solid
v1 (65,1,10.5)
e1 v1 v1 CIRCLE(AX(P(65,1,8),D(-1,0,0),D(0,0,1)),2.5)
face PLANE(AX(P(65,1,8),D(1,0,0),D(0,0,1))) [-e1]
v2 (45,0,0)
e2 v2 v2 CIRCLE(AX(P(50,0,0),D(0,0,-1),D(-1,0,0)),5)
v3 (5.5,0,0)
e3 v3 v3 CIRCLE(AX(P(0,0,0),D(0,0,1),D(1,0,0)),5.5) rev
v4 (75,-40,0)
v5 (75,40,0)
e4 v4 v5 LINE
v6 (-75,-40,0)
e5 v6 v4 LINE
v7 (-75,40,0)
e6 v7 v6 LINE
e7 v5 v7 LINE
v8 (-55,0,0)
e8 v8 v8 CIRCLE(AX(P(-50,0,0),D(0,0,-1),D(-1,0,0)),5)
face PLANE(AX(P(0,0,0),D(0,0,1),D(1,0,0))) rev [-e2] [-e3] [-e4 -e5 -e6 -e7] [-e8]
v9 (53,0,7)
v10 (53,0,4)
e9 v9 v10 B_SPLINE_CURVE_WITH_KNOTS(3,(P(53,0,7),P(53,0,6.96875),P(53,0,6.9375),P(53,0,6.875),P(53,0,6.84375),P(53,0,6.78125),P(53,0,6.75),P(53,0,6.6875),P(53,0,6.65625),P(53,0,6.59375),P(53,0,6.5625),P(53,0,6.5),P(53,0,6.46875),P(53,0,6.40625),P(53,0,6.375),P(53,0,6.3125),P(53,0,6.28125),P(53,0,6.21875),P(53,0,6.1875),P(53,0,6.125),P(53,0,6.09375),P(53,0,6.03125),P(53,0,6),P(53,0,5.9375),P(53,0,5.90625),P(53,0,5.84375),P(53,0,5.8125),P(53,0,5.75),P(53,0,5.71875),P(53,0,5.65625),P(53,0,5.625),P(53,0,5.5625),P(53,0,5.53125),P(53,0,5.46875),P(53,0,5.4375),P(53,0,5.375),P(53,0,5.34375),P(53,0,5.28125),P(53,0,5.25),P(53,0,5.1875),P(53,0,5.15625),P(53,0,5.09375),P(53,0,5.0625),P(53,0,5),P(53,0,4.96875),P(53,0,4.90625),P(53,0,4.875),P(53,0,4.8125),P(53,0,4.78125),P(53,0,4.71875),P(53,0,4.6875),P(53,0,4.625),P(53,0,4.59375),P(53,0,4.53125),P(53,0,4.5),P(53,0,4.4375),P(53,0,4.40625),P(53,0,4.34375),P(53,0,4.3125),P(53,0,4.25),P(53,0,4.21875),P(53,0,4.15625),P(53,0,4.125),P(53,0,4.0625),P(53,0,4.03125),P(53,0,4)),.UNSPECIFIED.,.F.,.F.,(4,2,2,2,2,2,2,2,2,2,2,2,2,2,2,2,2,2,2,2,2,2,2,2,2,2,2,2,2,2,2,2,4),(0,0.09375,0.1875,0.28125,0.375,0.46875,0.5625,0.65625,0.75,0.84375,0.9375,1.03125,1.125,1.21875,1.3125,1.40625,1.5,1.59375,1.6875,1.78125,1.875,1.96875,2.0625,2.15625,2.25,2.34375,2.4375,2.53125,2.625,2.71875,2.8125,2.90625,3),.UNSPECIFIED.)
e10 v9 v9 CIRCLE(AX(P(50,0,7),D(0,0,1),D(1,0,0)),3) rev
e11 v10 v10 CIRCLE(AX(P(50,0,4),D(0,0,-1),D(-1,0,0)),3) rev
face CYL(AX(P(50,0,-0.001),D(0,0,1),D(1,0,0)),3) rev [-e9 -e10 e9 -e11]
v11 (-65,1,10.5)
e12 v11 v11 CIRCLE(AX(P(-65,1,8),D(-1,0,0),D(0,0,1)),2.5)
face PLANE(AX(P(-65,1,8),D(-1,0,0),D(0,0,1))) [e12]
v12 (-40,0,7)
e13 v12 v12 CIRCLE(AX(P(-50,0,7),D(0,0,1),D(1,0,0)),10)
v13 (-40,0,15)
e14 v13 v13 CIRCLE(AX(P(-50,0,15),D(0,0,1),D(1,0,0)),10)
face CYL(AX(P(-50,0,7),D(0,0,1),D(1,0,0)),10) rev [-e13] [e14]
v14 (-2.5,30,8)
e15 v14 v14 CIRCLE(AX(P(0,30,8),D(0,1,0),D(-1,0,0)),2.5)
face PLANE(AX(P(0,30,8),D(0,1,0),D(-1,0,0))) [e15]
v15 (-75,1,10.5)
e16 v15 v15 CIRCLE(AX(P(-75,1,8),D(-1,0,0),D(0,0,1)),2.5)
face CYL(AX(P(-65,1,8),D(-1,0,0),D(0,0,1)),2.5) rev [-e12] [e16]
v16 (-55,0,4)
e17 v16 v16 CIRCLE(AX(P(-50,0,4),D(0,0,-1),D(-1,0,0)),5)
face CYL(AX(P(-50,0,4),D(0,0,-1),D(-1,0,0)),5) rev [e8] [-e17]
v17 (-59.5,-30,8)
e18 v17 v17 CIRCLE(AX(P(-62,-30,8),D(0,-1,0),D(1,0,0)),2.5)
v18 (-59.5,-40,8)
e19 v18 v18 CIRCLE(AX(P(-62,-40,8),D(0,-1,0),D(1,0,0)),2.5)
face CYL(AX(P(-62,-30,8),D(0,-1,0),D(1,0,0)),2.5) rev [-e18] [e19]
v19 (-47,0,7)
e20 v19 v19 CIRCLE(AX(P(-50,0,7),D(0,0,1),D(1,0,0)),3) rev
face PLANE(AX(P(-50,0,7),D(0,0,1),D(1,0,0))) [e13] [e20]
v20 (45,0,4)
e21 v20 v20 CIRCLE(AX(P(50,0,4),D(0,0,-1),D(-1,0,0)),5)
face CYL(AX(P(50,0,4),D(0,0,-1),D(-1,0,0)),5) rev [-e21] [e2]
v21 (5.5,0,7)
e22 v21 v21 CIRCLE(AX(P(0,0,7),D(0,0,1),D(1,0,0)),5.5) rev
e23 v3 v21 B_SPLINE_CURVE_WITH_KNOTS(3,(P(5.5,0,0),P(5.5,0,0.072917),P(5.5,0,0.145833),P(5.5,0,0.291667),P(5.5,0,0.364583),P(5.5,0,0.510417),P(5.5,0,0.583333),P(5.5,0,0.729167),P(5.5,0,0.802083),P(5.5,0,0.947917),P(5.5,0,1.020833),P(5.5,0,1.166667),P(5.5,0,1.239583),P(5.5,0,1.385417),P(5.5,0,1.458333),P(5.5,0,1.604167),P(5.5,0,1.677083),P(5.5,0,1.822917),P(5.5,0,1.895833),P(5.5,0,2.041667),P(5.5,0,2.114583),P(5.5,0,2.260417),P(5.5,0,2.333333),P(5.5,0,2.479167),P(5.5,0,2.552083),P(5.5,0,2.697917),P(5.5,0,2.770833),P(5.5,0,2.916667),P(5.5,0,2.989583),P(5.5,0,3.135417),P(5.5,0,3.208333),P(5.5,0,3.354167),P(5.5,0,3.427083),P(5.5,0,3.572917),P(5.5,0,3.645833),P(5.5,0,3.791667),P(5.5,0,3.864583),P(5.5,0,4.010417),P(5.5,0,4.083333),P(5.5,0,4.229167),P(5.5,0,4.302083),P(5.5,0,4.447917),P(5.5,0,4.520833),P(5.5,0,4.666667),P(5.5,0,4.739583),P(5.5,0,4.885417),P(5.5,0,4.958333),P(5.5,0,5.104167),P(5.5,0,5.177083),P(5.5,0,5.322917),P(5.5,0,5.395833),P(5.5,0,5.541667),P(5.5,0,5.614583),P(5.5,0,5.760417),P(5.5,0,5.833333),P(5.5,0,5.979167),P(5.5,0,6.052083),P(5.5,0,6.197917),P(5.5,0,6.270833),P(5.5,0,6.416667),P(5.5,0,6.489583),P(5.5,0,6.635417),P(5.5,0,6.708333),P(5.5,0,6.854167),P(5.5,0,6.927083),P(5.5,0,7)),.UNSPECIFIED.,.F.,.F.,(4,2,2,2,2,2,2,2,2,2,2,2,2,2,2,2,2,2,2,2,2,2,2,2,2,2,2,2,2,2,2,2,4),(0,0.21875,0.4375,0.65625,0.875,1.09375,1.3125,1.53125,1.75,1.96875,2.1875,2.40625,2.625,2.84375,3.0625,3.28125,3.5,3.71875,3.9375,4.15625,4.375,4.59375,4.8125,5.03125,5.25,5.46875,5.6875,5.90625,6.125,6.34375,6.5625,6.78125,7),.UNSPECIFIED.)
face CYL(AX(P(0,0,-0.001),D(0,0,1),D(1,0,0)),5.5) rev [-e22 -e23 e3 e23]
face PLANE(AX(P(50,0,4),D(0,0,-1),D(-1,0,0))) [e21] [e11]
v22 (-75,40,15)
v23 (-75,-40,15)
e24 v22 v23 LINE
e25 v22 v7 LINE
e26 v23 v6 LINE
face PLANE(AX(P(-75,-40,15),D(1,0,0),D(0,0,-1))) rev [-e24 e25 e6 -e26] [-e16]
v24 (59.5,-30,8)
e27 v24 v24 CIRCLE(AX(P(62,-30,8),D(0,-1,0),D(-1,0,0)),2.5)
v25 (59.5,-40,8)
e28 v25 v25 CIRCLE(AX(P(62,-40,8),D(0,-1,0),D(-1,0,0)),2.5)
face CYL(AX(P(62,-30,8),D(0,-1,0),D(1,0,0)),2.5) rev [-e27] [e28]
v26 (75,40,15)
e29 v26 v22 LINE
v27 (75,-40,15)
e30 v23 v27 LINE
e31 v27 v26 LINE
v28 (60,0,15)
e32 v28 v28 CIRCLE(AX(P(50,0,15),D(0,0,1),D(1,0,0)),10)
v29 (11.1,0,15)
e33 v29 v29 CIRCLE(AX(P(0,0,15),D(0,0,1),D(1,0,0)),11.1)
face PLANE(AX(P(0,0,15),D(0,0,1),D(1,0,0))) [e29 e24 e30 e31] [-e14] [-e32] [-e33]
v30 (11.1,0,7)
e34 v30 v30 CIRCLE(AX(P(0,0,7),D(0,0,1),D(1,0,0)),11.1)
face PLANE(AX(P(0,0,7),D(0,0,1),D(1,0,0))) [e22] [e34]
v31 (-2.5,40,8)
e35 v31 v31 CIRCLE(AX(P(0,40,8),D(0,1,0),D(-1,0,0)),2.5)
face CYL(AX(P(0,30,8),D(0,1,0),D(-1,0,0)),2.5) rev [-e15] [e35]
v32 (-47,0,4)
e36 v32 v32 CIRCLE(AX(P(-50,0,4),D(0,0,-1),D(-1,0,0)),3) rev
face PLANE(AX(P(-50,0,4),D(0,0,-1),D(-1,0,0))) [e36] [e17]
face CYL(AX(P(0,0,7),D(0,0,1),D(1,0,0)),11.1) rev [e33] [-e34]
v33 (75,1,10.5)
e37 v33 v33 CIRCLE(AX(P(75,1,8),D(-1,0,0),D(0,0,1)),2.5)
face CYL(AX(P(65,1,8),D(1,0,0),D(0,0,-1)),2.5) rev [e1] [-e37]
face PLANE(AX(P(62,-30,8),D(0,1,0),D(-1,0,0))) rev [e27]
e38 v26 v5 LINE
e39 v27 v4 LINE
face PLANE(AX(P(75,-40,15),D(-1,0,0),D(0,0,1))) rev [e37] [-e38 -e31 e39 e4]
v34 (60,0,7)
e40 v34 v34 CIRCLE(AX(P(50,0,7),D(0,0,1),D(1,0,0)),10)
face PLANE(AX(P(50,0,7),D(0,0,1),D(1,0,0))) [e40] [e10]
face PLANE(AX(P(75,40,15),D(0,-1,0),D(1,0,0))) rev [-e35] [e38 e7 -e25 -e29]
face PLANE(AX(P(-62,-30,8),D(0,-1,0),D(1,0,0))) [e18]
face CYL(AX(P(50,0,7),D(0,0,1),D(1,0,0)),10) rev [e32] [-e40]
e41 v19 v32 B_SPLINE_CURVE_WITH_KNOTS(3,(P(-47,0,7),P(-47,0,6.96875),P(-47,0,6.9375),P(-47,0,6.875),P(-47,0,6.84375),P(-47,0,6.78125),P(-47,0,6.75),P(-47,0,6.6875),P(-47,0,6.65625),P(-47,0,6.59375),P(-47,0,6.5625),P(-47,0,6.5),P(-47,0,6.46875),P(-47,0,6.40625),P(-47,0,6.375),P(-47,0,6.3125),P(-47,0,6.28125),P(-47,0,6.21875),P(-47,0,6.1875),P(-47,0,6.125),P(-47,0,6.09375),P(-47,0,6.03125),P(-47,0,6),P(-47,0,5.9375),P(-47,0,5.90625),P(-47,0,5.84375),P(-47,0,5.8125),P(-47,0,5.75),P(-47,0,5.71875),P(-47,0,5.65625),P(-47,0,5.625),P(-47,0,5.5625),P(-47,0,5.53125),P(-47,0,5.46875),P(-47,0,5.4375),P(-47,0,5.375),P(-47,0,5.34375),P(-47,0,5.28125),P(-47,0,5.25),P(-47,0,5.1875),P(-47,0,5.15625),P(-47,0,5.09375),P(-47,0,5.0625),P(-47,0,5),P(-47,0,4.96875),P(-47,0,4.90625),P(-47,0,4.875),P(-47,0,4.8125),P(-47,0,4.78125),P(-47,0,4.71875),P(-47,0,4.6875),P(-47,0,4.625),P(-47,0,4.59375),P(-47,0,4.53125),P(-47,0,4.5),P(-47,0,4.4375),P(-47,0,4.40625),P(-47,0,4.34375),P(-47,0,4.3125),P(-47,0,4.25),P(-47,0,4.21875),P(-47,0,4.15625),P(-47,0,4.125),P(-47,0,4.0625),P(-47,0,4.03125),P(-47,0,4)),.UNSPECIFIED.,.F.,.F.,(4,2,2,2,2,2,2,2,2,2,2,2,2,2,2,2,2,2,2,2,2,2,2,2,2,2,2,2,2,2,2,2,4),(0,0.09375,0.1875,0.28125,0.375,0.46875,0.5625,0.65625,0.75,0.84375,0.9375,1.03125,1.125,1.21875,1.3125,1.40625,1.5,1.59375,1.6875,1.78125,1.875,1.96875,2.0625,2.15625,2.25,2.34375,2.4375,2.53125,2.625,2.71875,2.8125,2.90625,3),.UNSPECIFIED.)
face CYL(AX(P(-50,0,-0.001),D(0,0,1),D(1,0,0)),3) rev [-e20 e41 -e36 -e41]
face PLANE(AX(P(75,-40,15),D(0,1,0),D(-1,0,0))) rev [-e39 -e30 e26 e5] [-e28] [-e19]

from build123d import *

# Parameters (mm, degrees)
SKETCH1_W           = 150
SKETCH1_H           = 80
BOSS_EXTRUDE1_DEPTH = 15
CUT_EXTRUDE1_REACH  = 88.313
SKETCH2_R           = 3
SKETCH2_R_2         = 5.5
SKETCH3_R           = 11.1
SKETCH3_R_2         = 10
CUT_EXTRUDE2_DEPTH  = 8
SKETCH5_R           = 5
CUT_EXTRUDE4_DEPTH  = 4
SKETCH6_R           = 2.5
CUT_EXTRUDE5_DEPTH  = 10
SKETCH7_R           = 2.5
CUT_EXTRUDE6_DEPTH  = 10
SKETCH8_R           = 2.5
CUT_EXTRUDE7_DEPTH  = 10


with BuildPart() as part:
    # Sketch1 → Boss-Extrude1 (new body)
    with BuildSketch(Plane.XY):
        Rectangle(SKETCH1_W, SKETCH1_H)
    extrude(amount=BOSS_EXTRUDE1_DEPTH)

    # Sketch2 → Cut-Extrude1 (cut, up to next)
    with BuildSketch(Plane.XY.offset(15), mode=Mode.PRIVATE) as cut_extrude1_sk1:
        with Locations((-50, 0)):
            Circle(SKETCH2_R)
    cut_extrude1_tool1 = extrude(cut_extrude1_sk1.sketch, amount=-CUT_EXTRUDE1_REACH, mode=Mode.PRIVATE) & part.part
    # Sketch2 → Cut-Extrude1 (cut, up to next)
    with BuildSketch(Plane.XY.offset(15), mode=Mode.PRIVATE) as cut_extrude1_sk2:
        with Locations((50, 0)):
            Circle(SKETCH2_R)
    cut_extrude1_tool2 = extrude(cut_extrude1_sk2.sketch, amount=-CUT_EXTRUDE1_REACH, mode=Mode.PRIVATE) & part.part
    # Sketch2 → Cut-Extrude1 (cut, up to next)
    with BuildSketch(Plane.XY.offset(15), mode=Mode.PRIVATE) as cut_extrude1_sk3:
        Circle(SKETCH2_R_2)
    cut_extrude1_tool3 = extrude(cut_extrude1_sk3.sketch, amount=-CUT_EXTRUDE1_REACH, mode=Mode.PRIVATE) & part.part
    add(cut_extrude1_tool1.solids().sort_by_distance((-50, 0, 15))[0], mode=Mode.SUBTRACT)
    add(cut_extrude1_tool2.solids().sort_by_distance((50, 0, 15))[0], mode=Mode.SUBTRACT)
    add(cut_extrude1_tool3.solids().sort_by_distance((0, 0, 15))[0], mode=Mode.SUBTRACT)

    # Sketch3 → Cut-Extrude2 (cut)
    with BuildSketch(Plane.XY.offset(15)):
        Circle(SKETCH3_R)
        with Locations((-50, 0)):
            Circle(SKETCH3_R_2)
        with Locations((50, 0)):
            Circle(SKETCH3_R_2)
    extrude(amount=-CUT_EXTRUDE2_DEPTH, mode=Mode.SUBTRACT)

    # Sketch5 → Cut-Extrude4 (cut)
    with BuildSketch(Plane(origin=(0, 0, 0), x_dir=(-1, 0, 0), z_dir=(0, 0, -1))):
        with Locations((-50, 0)):
            Circle(SKETCH5_R)
        with Locations((50, 0)):
            Circle(SKETCH5_R)
    extrude(amount=-CUT_EXTRUDE4_DEPTH, mode=Mode.SUBTRACT)

    # Sketch6 → Cut-Extrude5 (cut)
    with BuildSketch(Plane.ZY.offset(75)):
        with Locations((8, 1)):
            Circle(SKETCH6_R)
    cut_extrude5 = extrude(amount=-CUT_EXTRUDE5_DEPTH, mode=Mode.SUBTRACT)

    # Mirror1: Cut-Extrude5 across plane
    add(cut_extrude5.mirror(Plane(origin=(0, 0, 0), x_dir=(0, 0, 1), z_dir=(1, 0, 0))), mode=Mode.SUBTRACT)

    # Sketch7 → Cut-Extrude6 (cut)
    with BuildSketch(Plane.XZ.offset(40)):
        with Locations((-62, 8)):
            Circle(SKETCH7_R)
        with Locations(Location((62, 8, 0), (0, 0, 180))):
            Circle(SKETCH7_R)
    extrude(amount=-CUT_EXTRUDE6_DEPTH, mode=Mode.SUBTRACT)

    # Sketch8 → Cut-Extrude7 (cut)
    with BuildSketch(Plane(origin=(0, 40, 0), x_dir=(1, 0, 0), z_dir=(0, 1, 0))):
        with Locations(Location((0, -8, 0), (0, 0, 180))):
            Circle(SKETCH8_R)
    extrude(amount=-CUT_EXTRUDE7_DEPTH, mode=Mode.SUBTRACT)


solid = part.part
